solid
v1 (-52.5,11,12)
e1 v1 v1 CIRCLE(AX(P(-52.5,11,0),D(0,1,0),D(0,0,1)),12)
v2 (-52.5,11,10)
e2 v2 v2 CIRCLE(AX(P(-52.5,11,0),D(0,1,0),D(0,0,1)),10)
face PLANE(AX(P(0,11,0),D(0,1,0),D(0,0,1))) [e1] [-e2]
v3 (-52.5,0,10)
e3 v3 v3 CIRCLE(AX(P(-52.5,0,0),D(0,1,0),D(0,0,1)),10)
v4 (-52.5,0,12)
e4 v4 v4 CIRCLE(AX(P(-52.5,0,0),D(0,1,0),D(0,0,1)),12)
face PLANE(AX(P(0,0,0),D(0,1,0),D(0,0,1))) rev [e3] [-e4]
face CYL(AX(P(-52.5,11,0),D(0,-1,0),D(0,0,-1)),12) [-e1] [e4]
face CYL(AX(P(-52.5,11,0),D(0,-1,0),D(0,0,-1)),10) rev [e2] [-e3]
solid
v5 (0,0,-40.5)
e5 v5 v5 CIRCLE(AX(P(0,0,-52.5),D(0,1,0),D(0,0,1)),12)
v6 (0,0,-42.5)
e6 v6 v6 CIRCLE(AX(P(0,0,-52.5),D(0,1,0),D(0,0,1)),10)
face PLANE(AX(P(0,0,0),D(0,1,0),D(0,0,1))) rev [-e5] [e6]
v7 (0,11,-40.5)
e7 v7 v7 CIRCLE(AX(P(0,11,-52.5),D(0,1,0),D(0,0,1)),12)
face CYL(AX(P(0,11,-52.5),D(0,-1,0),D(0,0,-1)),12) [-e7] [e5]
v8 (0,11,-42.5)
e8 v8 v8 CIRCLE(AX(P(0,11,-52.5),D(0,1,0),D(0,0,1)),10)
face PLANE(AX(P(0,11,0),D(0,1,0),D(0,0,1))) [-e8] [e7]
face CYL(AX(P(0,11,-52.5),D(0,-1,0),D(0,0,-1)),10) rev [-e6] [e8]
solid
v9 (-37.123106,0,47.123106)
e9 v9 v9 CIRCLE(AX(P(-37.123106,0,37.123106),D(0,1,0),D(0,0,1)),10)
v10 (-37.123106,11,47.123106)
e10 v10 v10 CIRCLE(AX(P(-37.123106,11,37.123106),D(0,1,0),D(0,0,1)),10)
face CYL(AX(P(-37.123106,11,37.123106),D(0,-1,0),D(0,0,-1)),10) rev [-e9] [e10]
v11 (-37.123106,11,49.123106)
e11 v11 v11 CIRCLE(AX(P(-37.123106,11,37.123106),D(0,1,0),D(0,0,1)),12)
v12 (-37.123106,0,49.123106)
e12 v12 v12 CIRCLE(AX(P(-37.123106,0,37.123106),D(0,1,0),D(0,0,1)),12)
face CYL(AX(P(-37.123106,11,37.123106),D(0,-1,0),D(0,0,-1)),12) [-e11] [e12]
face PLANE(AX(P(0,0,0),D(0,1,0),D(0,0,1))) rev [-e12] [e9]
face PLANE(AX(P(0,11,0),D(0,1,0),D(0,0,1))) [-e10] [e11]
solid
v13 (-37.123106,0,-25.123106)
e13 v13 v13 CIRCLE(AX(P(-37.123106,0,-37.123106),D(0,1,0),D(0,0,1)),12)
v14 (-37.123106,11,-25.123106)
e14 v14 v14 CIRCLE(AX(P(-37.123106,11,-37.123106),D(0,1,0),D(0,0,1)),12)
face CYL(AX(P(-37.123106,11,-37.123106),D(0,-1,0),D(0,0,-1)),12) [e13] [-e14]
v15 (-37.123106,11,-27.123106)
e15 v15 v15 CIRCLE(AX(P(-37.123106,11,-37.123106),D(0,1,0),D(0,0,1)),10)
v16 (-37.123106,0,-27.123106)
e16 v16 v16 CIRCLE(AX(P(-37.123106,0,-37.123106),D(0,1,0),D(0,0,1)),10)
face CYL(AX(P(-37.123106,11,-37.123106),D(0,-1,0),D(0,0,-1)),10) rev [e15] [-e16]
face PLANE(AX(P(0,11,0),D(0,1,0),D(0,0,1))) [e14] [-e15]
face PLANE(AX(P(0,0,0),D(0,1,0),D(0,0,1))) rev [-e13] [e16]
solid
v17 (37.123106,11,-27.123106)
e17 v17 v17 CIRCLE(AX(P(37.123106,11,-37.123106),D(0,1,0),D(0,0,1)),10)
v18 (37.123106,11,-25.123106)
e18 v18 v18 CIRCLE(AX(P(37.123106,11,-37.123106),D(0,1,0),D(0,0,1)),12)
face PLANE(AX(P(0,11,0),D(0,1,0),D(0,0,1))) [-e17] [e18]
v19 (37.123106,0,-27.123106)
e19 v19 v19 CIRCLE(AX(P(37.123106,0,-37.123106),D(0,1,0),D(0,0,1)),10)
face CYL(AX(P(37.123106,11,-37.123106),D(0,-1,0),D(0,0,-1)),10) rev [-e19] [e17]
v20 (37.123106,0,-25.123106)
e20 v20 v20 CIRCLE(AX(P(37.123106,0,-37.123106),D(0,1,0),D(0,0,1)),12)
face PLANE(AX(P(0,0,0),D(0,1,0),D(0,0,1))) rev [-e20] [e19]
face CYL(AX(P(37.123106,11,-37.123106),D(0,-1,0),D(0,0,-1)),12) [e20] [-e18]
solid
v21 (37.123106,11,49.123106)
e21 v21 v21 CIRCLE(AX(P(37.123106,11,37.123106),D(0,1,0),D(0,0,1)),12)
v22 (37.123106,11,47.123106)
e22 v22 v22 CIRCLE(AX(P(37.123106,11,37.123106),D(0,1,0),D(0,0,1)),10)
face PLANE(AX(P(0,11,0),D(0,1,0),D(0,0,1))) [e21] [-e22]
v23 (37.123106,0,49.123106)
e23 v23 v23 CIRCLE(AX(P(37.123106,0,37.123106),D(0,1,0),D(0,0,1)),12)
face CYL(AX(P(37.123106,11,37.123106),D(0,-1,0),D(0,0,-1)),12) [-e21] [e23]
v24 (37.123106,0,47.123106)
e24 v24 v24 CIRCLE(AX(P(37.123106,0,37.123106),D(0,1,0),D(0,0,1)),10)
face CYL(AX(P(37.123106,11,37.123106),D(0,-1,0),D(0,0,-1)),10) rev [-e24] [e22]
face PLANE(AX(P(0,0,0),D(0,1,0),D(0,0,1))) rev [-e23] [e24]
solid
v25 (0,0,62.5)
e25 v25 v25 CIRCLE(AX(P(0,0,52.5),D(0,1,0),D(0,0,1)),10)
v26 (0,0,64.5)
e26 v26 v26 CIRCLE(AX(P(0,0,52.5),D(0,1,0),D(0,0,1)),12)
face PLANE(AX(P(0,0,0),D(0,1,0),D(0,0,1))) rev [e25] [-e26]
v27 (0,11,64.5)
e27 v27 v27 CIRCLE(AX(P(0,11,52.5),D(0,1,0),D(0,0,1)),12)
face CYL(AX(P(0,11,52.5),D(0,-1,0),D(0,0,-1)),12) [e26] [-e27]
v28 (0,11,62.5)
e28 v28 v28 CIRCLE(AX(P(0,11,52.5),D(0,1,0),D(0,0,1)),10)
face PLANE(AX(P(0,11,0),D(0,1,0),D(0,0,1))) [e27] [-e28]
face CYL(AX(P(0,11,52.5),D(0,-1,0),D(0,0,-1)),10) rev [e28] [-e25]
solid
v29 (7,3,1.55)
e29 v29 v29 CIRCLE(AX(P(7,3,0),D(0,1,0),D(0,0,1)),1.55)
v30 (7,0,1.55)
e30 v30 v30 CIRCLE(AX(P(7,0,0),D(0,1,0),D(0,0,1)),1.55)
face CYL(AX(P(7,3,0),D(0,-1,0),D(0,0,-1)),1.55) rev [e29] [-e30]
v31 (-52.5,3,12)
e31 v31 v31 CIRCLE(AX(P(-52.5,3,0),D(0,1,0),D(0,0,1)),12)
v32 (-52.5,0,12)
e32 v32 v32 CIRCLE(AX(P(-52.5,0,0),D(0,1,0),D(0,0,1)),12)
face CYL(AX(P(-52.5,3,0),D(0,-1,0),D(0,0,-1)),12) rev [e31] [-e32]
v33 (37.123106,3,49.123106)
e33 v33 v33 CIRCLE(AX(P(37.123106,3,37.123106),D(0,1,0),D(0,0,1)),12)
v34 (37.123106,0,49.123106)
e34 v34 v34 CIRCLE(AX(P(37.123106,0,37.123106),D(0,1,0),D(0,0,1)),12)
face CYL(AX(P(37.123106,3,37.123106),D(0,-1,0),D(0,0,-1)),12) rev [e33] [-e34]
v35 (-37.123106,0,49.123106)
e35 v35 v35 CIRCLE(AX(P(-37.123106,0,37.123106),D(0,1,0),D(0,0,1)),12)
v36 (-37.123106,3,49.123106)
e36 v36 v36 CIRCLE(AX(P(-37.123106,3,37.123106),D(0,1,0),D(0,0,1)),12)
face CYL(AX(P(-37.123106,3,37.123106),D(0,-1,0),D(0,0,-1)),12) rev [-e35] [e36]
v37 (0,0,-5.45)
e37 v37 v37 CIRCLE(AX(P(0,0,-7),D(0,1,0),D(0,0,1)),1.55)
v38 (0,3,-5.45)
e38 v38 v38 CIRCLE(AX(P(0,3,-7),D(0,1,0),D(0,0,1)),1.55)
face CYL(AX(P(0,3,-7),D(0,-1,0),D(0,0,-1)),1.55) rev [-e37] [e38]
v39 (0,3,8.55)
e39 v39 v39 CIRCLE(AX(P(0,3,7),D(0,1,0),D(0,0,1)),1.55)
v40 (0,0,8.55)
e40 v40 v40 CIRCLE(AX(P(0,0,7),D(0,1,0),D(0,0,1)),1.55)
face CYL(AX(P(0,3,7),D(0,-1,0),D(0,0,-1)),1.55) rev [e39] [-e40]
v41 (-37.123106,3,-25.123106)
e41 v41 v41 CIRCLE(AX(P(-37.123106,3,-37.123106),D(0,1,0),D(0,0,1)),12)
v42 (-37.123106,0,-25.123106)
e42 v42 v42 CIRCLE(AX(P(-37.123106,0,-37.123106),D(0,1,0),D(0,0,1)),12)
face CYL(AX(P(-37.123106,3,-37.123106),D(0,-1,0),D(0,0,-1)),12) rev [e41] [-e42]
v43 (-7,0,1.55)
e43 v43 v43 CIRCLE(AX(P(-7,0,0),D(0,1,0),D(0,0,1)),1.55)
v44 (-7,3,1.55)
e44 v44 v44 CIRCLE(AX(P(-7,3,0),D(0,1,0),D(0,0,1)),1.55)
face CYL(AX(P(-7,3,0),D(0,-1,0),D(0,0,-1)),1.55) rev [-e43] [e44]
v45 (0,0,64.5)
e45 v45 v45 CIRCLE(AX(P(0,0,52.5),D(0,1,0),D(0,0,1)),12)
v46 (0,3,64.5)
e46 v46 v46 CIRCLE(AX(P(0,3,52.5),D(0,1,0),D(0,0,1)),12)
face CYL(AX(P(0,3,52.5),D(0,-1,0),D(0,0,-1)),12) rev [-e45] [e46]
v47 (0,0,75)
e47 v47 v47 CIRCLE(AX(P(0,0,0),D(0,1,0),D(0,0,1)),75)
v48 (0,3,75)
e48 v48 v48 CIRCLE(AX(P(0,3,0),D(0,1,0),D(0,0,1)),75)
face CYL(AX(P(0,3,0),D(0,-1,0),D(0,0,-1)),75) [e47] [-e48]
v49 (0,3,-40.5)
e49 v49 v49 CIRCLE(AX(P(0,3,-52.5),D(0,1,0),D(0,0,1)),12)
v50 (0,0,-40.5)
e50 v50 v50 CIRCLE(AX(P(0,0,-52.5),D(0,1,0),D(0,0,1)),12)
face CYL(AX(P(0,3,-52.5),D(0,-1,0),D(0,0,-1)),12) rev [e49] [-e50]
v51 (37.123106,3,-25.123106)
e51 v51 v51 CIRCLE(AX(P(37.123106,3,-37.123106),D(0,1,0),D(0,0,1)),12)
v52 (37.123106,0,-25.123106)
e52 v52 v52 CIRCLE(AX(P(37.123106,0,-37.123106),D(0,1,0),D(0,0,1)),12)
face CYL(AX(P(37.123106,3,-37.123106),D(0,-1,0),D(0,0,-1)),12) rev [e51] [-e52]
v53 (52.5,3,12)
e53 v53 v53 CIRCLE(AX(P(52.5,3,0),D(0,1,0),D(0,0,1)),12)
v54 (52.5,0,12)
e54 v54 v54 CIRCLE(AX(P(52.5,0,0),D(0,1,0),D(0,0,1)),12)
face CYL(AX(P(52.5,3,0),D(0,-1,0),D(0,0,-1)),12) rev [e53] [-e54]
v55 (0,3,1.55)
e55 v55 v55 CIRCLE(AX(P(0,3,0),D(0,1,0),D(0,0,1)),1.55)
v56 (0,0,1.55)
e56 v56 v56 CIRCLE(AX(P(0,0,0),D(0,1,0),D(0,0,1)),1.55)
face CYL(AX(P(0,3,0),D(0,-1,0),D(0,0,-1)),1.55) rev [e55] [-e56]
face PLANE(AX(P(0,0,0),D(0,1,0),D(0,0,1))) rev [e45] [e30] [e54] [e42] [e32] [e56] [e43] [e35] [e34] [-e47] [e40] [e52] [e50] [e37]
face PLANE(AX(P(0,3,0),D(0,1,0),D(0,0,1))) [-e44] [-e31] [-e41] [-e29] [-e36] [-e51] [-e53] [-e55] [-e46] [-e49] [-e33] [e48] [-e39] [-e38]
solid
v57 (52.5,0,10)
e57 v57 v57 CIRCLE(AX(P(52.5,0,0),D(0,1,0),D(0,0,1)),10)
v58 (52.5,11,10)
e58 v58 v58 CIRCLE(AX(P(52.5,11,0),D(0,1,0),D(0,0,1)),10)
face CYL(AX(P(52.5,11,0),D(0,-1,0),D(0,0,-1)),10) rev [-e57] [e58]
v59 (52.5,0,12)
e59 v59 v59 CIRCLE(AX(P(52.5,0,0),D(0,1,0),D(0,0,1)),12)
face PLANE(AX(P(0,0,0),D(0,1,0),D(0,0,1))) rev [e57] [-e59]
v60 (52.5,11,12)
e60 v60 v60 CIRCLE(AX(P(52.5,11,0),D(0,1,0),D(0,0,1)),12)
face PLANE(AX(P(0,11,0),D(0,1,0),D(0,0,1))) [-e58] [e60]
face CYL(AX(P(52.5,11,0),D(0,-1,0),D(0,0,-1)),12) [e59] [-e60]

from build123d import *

# Parameters (mm, degrees)
SKETCH_1_R        = 12
SKETCH_1_R_2      = 10
EXTRUDE_2_DEPTH   = 11
EXTRUDE_2_2_DEPTH = 11
EXTRUDE_2_3_DEPTH = 11
EXTRUDE_2_4_DEPTH = 11
EXTRUDE_2_5_DEPTH = 11
EXTRUDE_2_6_DEPTH = 11
EXTRUDE_2_7_DEPTH = 11
EXTRUDE_2_8_DEPTH = 11
SKETCH_1_8_R      = 75
SKETCH_1_8_R_2    = 12
SKETCH_1_8_R_3    = 1.55
EXTRUDE_3_DEPTH   = 3


with BuildPart() as part:
    # 草图1 → 凸台-拉伸2 (new body)
    with BuildSketch(Plane(origin=(0, 0, 0), x_dir=(1, 0, 0), z_dir=(0, 1, 0))):
        with Locations((-37.123106012, 37.123106012)):
            Circle(SKETCH_1_R)
        with Locations((-37.123106012, 37.123106012)):
            Circle(SKETCH_1_R_2, mode=Mode.SUBTRACT)
    extrude(amount=EXTRUDE_2_DEPTH)


with BuildPart() as body_2:
    # 草图1 → Extrude 2 2 (new body)
    with BuildSketch(Plane(origin=(0, 0, 0), x_dir=(1, 0, 0), z_dir=(0, 1, 0))):
        with Locations((0, 52.5)):
            Circle(SKETCH_1_R)
        with Locations((0, 52.5)):
            Circle(SKETCH_1_R_2, mode=Mode.SUBTRACT)
    extrude(amount=EXTRUDE_2_2_DEPTH)


with BuildPart() as body_3:
    # 草图1 → Extrude 2 3 (new body)
    with BuildSketch(Plane(origin=(0, 0, 0), x_dir=(1, 0, 0), z_dir=(0, 1, 0))):
        with Locations((37.123106012, 37.123106012)):
            Circle(SKETCH_1_R)
        with Locations((37.123106012, 37.123106012)):
            Circle(SKETCH_1_R_2, mode=Mode.SUBTRACT)
    extrude(amount=EXTRUDE_2_3_DEPTH)


with BuildPart() as body_4:
    # 草图1 → Extrude 2 4 (new body)
    with BuildSketch(Plane(origin=(0, 0, 0), x_dir=(1, 0, 0), z_dir=(0, 1, 0))):
        with Locations((52.5, 0)):
            Circle(SKETCH_1_R)
        with Locations((52.5, 0)):
            Circle(SKETCH_1_R_2, mode=Mode.SUBTRACT)
    extrude(amount=EXTRUDE_2_4_DEPTH)


with BuildPart() as body_5:
    # 草图1 → Extrude 2 5 (new body)
    with BuildSketch(Plane(origin=(0, 0, 0), x_dir=(1, 0, 0), z_dir=(0, 1, 0))):
        with Locations((37.123106012, -37.123106012)):
            Circle(SKETCH_1_R)
        with Locations((37.123106012, -37.123106012)):
            Circle(SKETCH_1_R_2, mode=Mode.SUBTRACT)
    extrude(amount=EXTRUDE_2_5_DEPTH)


with BuildPart() as body_6:
    # 草图1 → Extrude 2 6 (new body)
    with BuildSketch(Plane(origin=(0, 0, 0), x_dir=(1, 0, 0), z_dir=(0, 1, 0))):
        with Locations((0, -52.5)):
            Circle(SKETCH_1_R)
        with Locations((0, -52.5)):
            Circle(SKETCH_1_R_2, mode=Mode.SUBTRACT)
    extrude(amount=EXTRUDE_2_6_DEPTH)


with BuildPart() as body_7:
    # 草图1 → Extrude 2 7 (new body)
    with BuildSketch(Plane(origin=(0, 0, 0), x_dir=(1, 0, 0), z_dir=(0, 1, 0))):
        with Locations((-37.123106012, -37.123106012)):
            Circle(SKETCH_1_R)
        with Locations((-37.123106012, -37.123106012)):
            Circle(SKETCH_1_R_2, mode=Mode.SUBTRACT)
    extrude(amount=EXTRUDE_2_7_DEPTH)


with BuildPart() as body_8:
    # 草图1 → Extrude 2 8 (new body)
    with BuildSketch(Plane(origin=(0, 0, 0), x_dir=(1, 0, 0), z_dir=(0, 1, 0))):
        with Locations((-52.5, 0)):
            Circle(SKETCH_1_R)
        with Locations((-52.5, 0)):
            Circle(SKETCH_1_R_2, mode=Mode.SUBTRACT)
    extrude(amount=EXTRUDE_2_8_DEPTH)


with BuildPart() as body_9:
    # 草图1<8> → 凸台-拉伸3 (new body)
    with BuildSketch(Plane(origin=(0, 0, 0), x_dir=(1, 0, 0), z_dir=(0, 1, 0))):
        Circle(SKETCH_1_8_R)
        with Locations((-37.123106012, -37.123106012)):
            Circle(SKETCH_1_8_R_2, mode=Mode.SUBTRACT)
        with Locations((0, -52.5)):
            Circle(SKETCH_1_8_R_2, mode=Mode.SUBTRACT)
        with Locations((37.123106012, -37.123106012)):
            Circle(SKETCH_1_8_R_2, mode=Mode.SUBTRACT)
        with Locations((0, -7)):
            Circle(SKETCH_1_8_R_3, mode=Mode.SUBTRACT)
        with Locations((-52.5, 0)):
            Circle(SKETCH_1_8_R_2, mode=Mode.SUBTRACT)
        with Locations((-7, 0)):
            Circle(SKETCH_1_8_R_3, mode=Mode.SUBTRACT)
        with Locations((-37.123106012, 37.123106012)):
            Circle(SKETCH_1_8_R_2, mode=Mode.SUBTRACT)
        Circle(SKETCH_1_8_R_3, mode=Mode.SUBTRACT)
        with Locations((7, 0)):
            Circle(SKETCH_1_8_R_3, mode=Mode.SUBTRACT)
        with Locations((0, 7)):
            Circle(SKETCH_1_8_R_3, mode=Mode.SUBTRACT)
        with Locations((37.123106012, 37.123106012)):
            Circle(SKETCH_1_8_R_2, mode=Mode.SUBTRACT)
        with Locations((52.5, 0)):
            Circle(SKETCH_1_8_R_2, mode=Mode.SUBTRACT)
        with Locations((0, 52.5)):
            Circle(SKETCH_1_8_R_2, mode=Mode.SUBTRACT)
    extrude(amount=EXTRUDE_3_DEPTH)


solid = Compound([part.part, body_2.part, body_3.part, body_4.part, body_5.part, body_6.part, body_7.part, body_8.part, body_9.part])
